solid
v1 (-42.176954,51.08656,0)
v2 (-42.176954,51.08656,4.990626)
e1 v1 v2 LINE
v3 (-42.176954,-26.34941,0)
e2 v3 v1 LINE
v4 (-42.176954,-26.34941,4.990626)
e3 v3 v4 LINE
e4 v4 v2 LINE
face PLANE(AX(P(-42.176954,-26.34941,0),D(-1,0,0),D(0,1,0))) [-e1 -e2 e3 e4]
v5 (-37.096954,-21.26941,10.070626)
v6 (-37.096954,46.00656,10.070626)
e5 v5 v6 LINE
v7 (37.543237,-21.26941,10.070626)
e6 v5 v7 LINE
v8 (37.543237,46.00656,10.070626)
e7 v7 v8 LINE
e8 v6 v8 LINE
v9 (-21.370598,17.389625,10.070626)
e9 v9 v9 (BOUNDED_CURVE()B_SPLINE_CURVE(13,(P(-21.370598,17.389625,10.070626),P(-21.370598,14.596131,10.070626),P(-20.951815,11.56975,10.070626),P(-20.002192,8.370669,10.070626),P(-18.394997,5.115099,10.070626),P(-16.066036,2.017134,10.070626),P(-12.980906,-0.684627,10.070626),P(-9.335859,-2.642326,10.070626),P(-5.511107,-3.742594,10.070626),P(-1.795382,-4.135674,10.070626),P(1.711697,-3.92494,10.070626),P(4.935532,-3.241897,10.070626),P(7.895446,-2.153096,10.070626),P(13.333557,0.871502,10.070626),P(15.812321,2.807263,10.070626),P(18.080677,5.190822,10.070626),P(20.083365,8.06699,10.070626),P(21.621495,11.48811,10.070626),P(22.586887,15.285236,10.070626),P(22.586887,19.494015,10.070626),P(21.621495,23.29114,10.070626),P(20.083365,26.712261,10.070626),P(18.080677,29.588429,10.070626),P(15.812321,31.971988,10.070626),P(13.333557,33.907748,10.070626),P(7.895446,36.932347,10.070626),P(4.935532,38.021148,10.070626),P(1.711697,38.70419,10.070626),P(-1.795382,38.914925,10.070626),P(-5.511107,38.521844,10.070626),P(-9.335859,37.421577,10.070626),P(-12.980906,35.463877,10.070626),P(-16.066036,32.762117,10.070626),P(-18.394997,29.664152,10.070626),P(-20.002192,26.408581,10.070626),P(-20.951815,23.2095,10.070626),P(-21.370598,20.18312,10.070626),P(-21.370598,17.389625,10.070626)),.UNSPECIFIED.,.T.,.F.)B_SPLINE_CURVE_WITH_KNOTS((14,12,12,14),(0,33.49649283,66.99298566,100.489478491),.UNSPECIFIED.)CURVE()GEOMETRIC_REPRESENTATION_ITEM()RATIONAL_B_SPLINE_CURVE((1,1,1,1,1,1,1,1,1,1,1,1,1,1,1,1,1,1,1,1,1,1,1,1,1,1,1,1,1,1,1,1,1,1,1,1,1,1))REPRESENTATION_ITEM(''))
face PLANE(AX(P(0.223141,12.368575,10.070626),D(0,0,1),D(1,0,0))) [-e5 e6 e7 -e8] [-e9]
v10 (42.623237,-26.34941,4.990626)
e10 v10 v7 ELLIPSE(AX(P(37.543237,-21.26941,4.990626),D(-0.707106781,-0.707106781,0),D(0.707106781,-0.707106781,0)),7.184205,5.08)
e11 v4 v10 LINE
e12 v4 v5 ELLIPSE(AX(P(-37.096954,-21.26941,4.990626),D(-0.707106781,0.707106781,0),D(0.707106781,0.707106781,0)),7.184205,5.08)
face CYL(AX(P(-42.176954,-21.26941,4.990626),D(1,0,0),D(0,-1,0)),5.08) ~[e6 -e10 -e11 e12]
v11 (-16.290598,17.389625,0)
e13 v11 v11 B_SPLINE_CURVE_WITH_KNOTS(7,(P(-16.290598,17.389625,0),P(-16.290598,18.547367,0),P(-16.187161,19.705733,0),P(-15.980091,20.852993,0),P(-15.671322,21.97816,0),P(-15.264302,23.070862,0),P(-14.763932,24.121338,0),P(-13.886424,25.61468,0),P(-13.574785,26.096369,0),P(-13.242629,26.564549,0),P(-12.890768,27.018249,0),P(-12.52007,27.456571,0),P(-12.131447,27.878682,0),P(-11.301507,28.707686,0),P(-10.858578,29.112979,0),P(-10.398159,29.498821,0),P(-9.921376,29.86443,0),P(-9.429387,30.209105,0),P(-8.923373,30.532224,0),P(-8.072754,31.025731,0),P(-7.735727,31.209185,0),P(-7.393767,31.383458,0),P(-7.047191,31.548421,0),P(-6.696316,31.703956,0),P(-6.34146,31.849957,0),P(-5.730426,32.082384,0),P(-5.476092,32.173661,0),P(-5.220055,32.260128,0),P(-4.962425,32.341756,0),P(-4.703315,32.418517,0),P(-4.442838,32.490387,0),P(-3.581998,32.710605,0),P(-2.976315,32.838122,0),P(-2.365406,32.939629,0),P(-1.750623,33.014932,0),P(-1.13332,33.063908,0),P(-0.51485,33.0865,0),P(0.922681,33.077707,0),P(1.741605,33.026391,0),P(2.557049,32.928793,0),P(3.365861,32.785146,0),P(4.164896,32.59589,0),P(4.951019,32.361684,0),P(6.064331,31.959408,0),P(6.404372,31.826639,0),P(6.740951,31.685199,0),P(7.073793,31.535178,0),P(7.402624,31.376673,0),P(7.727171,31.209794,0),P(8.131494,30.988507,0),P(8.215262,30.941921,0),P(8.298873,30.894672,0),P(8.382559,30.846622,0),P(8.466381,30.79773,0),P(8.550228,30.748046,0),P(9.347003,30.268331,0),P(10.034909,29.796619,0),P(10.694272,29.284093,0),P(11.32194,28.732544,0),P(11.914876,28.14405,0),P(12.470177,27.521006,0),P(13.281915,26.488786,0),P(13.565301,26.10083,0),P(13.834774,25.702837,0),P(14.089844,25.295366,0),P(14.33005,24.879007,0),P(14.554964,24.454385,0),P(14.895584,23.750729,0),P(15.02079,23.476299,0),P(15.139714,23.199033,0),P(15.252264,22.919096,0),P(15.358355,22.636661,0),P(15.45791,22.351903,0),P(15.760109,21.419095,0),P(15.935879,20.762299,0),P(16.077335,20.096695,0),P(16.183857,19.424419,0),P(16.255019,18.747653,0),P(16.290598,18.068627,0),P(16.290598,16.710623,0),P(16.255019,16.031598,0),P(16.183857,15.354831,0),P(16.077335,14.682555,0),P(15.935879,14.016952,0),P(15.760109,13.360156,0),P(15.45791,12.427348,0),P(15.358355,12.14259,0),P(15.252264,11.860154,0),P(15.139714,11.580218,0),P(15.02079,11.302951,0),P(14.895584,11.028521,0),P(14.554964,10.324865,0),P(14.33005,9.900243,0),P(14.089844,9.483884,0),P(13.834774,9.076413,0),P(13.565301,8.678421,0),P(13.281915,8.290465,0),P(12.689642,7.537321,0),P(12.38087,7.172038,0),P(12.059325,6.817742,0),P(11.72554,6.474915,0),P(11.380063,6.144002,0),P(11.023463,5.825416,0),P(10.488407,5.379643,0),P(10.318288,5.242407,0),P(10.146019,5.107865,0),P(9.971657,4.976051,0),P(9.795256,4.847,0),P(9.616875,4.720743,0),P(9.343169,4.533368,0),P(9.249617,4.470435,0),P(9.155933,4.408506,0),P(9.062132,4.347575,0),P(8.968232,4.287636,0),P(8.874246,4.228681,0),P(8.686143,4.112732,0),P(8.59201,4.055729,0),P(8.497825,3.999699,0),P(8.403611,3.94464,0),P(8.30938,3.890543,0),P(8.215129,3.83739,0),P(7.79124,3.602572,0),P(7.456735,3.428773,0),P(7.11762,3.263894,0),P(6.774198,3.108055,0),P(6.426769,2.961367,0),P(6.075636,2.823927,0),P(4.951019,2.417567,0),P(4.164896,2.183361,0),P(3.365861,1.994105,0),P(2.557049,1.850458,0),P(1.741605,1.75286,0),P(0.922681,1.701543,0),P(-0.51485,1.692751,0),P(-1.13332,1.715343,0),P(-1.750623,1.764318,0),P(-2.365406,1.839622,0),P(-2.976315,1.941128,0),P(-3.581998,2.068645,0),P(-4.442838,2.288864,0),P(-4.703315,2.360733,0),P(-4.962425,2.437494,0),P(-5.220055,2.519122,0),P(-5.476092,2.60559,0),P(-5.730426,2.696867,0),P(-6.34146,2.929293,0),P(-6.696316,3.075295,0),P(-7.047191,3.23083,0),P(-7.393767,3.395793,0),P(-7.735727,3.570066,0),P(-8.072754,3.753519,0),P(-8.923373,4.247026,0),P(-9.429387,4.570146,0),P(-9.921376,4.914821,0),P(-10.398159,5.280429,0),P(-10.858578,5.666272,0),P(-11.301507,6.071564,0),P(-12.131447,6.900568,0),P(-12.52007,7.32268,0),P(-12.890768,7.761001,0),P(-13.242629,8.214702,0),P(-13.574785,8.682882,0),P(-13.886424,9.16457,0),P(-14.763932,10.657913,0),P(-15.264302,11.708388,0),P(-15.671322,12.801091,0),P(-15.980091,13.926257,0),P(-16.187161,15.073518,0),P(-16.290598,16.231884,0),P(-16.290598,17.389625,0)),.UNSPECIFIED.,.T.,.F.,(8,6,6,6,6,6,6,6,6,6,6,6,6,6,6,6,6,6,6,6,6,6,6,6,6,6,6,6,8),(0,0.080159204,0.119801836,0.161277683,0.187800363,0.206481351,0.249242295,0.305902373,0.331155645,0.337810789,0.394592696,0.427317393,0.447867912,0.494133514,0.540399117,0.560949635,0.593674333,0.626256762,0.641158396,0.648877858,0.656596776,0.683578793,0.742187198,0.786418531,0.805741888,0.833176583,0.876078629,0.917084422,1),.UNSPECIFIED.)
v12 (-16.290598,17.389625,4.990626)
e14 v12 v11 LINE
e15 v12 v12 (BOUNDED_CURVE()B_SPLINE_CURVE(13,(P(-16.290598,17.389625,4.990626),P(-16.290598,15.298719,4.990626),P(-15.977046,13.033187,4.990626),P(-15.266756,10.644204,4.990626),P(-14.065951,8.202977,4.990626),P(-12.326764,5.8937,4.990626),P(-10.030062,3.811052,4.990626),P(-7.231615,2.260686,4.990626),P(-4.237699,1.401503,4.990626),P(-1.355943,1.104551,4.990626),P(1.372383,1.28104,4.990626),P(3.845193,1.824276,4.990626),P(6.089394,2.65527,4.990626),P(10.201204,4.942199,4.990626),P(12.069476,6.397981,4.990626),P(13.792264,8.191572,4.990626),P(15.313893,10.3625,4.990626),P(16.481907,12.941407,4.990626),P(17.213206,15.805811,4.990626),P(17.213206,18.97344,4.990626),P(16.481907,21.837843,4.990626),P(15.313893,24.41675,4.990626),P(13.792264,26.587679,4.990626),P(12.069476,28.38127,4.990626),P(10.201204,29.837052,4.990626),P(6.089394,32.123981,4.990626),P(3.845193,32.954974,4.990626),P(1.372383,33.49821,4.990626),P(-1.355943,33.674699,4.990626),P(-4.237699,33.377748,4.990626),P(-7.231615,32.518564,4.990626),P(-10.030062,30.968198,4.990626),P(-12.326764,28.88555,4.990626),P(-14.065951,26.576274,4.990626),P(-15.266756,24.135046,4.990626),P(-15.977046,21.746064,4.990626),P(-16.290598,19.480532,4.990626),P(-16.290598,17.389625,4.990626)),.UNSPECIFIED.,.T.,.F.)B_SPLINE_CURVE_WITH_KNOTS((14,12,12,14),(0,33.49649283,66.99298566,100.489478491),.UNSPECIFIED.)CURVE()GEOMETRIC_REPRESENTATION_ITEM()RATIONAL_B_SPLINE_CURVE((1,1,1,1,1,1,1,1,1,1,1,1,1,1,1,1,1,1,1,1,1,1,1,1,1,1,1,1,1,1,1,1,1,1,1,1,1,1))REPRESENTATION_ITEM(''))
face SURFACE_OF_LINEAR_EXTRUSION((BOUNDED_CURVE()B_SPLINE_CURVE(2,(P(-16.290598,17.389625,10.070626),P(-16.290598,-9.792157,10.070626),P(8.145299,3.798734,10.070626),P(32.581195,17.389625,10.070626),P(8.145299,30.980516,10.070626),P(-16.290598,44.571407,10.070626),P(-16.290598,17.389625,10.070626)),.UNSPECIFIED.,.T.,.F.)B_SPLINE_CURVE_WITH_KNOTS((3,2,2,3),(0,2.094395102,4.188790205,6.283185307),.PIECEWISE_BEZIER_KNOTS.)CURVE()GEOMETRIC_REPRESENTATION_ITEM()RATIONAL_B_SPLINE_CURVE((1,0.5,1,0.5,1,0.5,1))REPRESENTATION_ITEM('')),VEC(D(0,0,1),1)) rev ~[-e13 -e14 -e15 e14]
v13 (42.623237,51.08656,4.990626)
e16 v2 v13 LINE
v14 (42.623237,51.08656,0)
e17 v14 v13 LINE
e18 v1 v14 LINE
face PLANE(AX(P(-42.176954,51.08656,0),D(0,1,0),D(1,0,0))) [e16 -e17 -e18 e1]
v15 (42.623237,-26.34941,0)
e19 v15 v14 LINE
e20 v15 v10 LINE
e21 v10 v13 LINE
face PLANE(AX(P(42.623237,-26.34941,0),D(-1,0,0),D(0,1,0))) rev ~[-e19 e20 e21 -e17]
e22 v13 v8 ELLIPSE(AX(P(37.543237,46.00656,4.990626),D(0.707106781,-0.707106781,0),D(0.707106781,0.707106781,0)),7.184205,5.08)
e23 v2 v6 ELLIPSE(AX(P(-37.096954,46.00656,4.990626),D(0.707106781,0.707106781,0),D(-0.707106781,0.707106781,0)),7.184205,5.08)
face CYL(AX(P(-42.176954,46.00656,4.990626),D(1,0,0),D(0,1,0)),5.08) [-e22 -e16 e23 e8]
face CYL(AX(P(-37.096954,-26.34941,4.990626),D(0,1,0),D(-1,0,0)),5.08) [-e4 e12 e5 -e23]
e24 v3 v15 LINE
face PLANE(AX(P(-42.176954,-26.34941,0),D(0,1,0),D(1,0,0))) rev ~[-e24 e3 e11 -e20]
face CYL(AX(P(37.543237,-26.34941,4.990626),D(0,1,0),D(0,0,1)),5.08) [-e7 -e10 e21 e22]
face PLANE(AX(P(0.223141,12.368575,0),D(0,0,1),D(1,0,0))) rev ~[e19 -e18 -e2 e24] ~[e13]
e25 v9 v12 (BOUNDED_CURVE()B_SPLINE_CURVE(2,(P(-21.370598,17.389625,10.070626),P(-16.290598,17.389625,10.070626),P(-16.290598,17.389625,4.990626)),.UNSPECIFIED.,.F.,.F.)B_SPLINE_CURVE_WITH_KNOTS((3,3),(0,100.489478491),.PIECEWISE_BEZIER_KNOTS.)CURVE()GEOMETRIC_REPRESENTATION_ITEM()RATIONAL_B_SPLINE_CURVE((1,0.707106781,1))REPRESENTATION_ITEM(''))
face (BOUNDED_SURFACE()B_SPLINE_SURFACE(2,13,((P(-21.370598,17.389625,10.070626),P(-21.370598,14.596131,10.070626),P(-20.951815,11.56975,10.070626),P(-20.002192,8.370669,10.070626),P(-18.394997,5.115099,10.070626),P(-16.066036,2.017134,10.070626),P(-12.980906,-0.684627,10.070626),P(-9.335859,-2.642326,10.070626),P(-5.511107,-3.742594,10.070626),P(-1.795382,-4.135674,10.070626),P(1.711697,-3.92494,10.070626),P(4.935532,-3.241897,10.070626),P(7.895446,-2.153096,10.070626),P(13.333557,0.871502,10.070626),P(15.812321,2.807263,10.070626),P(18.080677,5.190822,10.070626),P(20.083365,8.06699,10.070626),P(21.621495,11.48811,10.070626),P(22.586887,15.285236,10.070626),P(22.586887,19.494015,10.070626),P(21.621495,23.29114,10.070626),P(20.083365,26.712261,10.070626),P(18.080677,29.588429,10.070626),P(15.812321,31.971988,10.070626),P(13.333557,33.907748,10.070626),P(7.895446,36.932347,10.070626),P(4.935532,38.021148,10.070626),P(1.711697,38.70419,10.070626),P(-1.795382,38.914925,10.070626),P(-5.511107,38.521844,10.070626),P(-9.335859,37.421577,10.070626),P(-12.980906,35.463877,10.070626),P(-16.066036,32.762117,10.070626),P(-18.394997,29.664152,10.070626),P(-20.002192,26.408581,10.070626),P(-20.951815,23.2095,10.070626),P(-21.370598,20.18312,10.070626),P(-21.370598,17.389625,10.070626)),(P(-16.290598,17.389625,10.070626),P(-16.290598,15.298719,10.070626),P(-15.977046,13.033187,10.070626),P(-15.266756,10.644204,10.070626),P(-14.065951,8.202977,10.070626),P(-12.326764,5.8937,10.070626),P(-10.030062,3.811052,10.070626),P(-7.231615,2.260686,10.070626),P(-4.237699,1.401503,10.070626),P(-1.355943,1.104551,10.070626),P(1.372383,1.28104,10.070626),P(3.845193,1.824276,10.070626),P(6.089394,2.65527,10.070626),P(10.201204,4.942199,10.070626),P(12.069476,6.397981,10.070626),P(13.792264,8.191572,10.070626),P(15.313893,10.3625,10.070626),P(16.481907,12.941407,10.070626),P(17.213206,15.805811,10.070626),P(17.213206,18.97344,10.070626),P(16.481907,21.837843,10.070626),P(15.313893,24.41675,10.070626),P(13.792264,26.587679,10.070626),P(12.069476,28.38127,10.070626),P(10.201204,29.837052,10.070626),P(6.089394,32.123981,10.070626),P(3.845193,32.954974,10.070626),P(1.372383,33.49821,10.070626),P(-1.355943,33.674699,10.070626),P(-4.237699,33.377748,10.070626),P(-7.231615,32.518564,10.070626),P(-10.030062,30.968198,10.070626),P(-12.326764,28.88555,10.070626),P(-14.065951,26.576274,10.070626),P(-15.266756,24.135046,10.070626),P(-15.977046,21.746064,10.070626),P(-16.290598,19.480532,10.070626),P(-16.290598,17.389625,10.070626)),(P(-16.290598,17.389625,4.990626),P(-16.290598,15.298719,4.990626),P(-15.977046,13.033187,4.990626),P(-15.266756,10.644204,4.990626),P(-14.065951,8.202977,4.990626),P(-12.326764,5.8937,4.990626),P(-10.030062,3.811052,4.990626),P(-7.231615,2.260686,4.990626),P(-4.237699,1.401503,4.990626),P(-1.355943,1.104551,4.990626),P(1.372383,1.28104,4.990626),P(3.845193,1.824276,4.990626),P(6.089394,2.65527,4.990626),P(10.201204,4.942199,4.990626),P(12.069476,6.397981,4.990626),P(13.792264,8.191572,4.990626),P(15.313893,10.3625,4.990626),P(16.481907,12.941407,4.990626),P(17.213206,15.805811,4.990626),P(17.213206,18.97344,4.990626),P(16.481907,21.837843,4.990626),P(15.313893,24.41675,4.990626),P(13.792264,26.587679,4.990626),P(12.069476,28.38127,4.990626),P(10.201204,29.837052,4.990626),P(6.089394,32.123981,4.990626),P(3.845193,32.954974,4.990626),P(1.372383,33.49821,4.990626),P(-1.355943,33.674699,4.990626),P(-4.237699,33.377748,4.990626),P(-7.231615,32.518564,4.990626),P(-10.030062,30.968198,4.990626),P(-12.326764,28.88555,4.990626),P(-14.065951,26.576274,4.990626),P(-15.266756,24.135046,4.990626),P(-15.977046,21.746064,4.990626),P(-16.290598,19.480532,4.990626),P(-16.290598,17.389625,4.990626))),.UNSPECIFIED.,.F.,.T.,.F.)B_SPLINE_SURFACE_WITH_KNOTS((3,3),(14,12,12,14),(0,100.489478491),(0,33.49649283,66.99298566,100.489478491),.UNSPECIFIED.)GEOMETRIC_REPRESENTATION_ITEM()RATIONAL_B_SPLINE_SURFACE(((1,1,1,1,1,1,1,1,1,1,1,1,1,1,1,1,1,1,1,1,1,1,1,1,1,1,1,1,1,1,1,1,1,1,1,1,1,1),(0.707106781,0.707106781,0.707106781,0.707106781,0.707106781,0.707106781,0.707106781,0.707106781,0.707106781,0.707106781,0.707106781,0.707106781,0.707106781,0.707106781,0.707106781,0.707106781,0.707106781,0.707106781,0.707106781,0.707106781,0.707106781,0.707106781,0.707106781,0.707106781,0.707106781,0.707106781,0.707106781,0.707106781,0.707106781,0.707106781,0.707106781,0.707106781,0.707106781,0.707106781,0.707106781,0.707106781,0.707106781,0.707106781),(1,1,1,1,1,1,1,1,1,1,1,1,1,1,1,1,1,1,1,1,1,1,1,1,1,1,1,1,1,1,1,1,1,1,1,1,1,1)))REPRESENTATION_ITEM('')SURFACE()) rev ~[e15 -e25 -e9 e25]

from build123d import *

# Parameters (mm, degrees)
F0_W     = 84.8001912236
F0_H     = 77.4359703064
F1_DEPTH = 10.0706256926
F3_DEPTH = 86.0751271248
F4_R     = 5.08


with BuildPart() as f1:
    # F0 (on Top) → F1 (new body)
    with BuildSketch(Plane.XY):
        with Locations((0.2231411636, 12.3685747385)):
            Rectangle(F0_W, F0_H)
    extrude(amount=F1_DEPTH)

    # F2 (on face) → F3 (cut)
    with BuildSketch(Plane.XY.offset(10.0706256926)):
        with BuildLine():
            add(Edge.make_bspline(
                [(-16.2905976176, 17.3896253109), (-16.2905976176, -9.7921567435), (8.1452988088, 3.7987342837), (32.5811952353, 17.3896253109), (8.1452988088, 30.9805163381), (-16.2905976176, 44.5714073653), (-16.2905976176, 17.3896253109)],
                knots=[0, 0, 0, 2.0943951024, 2.0943951024, 4.1887902048, 4.1887902048, 6.2831853072, 6.2831853072, 6.2831853072], degree=2, weights=[1, 0.5, 1, 0.5, 1, 0.5, 1]))
        make_face()
    extrude(amount=-F3_DEPTH, mode=Mode.SUBTRACT)

    # F4
    f4_edges = [f1.edges().sort_by_distance(p)[0] for p in [
        (-42.176954, 12.368575, 10.070626),
        (0.223141, 51.08656, 10.070626),
        (0.223141, -26.34941, 10.070626),
        (42.623237, 12.368575, 10.070626),
        (16.290598, 17.389625, 10.070626),
    ]]
    fillet(f4_edges, radius=F4_R)


solid = f1.part
